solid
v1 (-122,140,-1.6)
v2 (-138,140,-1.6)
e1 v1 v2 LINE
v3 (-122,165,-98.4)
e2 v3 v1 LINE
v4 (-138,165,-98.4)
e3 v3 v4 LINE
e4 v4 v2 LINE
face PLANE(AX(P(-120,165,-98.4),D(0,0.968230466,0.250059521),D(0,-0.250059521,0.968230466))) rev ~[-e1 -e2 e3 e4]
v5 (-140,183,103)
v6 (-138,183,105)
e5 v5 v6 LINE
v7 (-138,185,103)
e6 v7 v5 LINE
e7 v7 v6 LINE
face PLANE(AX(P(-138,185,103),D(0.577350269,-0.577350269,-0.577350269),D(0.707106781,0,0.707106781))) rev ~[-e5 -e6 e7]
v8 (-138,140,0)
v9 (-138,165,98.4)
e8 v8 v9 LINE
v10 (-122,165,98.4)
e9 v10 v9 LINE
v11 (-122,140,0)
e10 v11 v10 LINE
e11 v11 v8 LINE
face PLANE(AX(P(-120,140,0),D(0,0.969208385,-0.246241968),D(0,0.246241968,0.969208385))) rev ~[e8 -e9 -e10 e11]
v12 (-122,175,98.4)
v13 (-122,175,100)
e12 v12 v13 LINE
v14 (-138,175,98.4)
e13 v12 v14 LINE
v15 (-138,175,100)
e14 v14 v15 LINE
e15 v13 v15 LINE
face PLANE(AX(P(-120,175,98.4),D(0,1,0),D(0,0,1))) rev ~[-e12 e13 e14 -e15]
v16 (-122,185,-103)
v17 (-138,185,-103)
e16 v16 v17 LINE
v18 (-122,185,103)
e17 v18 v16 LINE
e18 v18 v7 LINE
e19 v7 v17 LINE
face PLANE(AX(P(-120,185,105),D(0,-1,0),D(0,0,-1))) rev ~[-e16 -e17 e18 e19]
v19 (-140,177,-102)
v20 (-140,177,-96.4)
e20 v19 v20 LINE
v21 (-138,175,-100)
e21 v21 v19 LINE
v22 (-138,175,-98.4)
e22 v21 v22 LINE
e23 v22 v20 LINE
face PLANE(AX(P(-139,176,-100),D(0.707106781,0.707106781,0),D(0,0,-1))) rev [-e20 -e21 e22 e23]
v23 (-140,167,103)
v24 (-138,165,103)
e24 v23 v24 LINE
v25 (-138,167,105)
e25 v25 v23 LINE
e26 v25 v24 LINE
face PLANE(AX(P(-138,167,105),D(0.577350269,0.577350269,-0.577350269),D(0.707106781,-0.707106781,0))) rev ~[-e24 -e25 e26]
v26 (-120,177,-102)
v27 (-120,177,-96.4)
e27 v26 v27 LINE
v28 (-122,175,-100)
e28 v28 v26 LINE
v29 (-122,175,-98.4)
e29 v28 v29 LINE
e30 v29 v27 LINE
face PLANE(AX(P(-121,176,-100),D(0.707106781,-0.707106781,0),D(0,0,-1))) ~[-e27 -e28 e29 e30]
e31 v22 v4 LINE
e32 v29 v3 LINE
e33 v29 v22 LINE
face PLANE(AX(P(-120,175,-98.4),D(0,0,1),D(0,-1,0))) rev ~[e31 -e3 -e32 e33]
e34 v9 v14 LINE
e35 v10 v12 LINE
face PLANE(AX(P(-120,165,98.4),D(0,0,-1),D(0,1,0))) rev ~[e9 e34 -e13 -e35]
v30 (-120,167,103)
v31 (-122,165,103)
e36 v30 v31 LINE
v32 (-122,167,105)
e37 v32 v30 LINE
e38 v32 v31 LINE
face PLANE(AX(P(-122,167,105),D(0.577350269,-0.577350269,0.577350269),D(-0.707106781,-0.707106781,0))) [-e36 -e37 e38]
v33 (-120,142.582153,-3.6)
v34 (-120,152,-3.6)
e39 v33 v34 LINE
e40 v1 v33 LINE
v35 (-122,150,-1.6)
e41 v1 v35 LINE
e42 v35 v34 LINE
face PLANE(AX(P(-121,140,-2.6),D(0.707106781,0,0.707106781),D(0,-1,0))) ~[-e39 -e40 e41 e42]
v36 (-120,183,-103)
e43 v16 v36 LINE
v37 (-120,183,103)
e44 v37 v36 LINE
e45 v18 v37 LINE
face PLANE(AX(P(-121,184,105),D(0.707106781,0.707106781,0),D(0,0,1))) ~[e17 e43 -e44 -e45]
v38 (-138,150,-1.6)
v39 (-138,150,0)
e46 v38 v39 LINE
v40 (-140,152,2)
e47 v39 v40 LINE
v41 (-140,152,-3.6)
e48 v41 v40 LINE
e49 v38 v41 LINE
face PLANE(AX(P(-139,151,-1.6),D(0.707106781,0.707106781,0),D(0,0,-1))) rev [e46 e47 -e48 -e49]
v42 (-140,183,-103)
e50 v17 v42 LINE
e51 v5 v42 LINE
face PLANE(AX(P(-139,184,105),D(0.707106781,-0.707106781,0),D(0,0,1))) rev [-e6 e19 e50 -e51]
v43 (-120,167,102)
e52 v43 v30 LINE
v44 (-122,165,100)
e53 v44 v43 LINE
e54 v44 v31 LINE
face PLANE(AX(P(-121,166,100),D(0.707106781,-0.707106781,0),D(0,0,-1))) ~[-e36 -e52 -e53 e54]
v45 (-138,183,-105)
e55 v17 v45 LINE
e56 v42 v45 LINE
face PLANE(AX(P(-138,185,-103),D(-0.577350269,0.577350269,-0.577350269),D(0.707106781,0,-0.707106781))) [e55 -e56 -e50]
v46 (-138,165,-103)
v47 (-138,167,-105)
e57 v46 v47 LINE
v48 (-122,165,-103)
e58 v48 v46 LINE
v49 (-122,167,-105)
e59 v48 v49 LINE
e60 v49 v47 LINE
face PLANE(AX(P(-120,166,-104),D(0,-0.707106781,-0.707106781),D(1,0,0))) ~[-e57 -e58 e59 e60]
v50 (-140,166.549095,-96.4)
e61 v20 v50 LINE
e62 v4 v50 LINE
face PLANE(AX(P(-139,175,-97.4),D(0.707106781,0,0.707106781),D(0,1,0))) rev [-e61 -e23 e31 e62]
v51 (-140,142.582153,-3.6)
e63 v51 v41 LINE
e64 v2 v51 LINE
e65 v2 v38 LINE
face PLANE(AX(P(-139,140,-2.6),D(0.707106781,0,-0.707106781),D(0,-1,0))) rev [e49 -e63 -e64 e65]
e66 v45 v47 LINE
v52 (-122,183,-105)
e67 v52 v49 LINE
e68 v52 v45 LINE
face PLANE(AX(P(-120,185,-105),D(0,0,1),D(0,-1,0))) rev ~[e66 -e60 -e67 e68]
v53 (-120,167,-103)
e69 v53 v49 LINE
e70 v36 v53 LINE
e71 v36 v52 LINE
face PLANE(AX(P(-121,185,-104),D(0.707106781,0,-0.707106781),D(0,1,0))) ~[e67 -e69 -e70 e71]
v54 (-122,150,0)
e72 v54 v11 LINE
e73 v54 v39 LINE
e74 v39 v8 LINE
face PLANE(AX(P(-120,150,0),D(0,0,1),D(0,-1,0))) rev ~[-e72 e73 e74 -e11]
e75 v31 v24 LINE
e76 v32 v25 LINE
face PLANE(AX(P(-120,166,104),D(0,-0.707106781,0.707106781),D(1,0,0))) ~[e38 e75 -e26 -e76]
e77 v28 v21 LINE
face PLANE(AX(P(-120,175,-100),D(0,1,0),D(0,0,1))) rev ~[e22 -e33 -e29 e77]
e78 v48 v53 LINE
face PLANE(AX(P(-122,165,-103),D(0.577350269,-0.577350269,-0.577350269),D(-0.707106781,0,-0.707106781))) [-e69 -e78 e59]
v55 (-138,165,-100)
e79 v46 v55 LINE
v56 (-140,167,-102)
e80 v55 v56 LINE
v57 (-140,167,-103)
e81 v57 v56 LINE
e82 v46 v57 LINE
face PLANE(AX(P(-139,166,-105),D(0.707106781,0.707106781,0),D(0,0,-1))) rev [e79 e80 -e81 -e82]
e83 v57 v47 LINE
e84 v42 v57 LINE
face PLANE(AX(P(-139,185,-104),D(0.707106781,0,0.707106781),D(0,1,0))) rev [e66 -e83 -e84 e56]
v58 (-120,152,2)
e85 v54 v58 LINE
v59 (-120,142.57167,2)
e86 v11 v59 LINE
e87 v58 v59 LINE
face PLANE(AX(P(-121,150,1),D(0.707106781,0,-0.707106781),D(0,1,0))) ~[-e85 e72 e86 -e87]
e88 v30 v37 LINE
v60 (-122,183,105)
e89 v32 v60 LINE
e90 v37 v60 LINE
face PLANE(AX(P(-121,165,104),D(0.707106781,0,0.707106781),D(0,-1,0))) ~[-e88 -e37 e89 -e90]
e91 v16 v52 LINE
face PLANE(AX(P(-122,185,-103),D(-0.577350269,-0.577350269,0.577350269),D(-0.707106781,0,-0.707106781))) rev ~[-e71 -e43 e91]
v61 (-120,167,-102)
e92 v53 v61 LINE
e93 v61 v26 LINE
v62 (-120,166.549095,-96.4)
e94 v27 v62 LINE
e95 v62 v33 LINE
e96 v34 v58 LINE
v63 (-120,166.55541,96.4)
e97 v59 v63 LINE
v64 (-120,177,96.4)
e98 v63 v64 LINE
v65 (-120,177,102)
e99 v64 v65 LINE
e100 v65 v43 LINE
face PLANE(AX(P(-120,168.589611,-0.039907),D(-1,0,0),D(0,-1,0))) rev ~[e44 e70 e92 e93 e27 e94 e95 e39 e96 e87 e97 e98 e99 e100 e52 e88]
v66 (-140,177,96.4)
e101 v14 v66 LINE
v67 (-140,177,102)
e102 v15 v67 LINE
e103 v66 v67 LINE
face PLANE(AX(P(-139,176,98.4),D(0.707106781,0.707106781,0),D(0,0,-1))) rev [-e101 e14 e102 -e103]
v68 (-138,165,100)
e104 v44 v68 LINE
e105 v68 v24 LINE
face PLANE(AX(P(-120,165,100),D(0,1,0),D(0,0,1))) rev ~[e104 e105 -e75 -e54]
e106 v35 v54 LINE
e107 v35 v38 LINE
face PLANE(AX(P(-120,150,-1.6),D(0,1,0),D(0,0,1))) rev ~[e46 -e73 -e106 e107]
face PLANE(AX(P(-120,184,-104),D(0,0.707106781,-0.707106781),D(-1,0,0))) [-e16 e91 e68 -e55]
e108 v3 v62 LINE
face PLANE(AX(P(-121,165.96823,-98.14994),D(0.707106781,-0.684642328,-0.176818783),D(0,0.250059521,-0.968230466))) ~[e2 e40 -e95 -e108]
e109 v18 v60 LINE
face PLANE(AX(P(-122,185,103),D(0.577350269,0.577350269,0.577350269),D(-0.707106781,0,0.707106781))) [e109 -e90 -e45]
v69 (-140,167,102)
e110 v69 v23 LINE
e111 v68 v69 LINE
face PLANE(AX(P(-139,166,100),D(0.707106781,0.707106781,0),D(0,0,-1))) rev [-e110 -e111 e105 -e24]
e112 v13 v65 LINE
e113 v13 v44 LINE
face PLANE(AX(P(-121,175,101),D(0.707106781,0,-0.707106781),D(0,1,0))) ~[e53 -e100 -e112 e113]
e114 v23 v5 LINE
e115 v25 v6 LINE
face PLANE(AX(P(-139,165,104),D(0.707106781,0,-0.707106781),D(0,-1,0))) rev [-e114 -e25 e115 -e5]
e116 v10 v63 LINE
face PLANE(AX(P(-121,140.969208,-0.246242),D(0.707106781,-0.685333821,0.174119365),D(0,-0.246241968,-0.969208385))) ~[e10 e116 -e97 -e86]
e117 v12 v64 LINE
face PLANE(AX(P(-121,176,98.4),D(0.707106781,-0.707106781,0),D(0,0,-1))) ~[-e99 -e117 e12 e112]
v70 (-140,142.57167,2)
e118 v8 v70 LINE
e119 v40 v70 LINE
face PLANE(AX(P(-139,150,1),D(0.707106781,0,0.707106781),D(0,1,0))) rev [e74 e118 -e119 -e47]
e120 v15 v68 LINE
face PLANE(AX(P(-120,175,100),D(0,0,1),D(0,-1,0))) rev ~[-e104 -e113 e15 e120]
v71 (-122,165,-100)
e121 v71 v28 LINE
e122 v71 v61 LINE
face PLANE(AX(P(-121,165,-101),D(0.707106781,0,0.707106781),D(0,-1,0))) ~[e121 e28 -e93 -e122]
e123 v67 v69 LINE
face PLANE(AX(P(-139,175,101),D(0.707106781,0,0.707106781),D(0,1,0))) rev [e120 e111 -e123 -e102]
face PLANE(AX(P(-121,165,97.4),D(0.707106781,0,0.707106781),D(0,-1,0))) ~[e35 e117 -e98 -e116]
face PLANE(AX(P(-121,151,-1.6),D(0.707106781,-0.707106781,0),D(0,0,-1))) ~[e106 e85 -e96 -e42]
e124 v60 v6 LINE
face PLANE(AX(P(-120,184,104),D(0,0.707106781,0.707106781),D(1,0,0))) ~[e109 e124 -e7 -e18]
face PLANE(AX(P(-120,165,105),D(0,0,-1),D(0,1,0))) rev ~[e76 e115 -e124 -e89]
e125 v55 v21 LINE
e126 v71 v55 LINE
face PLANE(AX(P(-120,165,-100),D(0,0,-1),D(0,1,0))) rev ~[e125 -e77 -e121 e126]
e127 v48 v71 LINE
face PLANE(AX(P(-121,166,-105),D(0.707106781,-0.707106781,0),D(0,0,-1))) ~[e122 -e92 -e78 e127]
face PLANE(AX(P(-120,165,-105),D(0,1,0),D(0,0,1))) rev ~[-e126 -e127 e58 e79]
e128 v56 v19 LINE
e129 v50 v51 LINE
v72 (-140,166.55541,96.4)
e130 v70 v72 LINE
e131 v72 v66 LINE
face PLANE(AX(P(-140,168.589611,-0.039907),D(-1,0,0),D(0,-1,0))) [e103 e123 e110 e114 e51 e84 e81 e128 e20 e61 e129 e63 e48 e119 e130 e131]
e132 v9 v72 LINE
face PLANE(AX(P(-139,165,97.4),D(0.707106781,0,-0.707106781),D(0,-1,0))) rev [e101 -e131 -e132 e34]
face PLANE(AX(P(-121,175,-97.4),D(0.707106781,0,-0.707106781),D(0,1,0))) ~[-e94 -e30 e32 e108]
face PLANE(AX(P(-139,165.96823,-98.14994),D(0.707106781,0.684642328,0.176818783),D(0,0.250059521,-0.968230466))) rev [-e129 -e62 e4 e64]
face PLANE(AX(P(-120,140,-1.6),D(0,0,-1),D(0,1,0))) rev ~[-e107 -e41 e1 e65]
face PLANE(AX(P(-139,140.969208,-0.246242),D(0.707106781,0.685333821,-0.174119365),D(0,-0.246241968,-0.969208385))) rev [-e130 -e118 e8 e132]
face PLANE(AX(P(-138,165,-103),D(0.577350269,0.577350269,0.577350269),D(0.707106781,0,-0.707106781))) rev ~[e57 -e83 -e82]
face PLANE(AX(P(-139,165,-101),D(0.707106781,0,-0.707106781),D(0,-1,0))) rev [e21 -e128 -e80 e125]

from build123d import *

# Parameters (mm, degrees)
PAD005_DEPTH            = 20
CHAMFER_SIZE            = 2
BODY003_ROLL_ANGLE      = 90
BODY003_PLACEMENT_ANGLE = 90


with BuildPart() as sideholder1:
    # Sketch006 → Pad005 (new body)
    with BuildSketch(Plane.XY):
        Polygon((0, -105), (20, -105), (20, -100), (10, -100), (10, -98.4), (20, -98.4), (45, -1.6), (35, -1.6), (35, 0), (45, 0), (20, 98.4), (10, 98.4), (10, 100), (20, 100), (20, 105), (0, 105), align=None)
    extrude(amount=PAD005_DEPTH)

    # Chamfer
    chamfer_edges = [sideholder1.edges().sort_by_distance(p)[0] for p in [
        (10, -105, 20),
        (20, -102.5, 20),
        (15, -100, 20),
        (10, -99.2, 20),
        (15, -98.4, 20),
        (32.5, -50, 20),
        (40, -1.6, 20),
        (35, -0.8, 20),
        (40, 0, 20),
        (32.5, 49.2, 20),
        (15, 98.4, 20),
        (10, 99.2, 20),
        (15, 100, 20),
        (20, 102.5, 20),
        (10, 105, 20),
        (0, 0, 20),
        (10, -105, 0),
        (20, -102.5, 0),
        (15, -100, 0),
        (10, -99.2, 0),
        (15, -98.4, 0),
        (32.5, -50, 0),
        (40, -1.6, 0),
        (35, -0.8, 0),
        (40, 0, 0),
        (32.5, 49.2, 0),
        (15, 98.4, 0),
        (10, 99.2, 0),
        (15, 100, 0),
        (20, 102.5, 0),
        (10, 105, 0),
        (0, 0, 0),
        (0, 105, 10),
        (0, -105, 10),
        (20, 105, 10),
        (20, -105, 10),
    ]]
    chamfer(chamfer_edges, length=CHAMFER_SIZE)


with BuildPart() as sideholder1_1:
    # Body003 roll: moved
    add(sideholder1.part.rotate(Axis((0, 0, 0), (1, 0, 0)), BODY003_ROLL_ANGLE))


with BuildPart() as sideholder1_2:
    # Body003 placement: moved
    add(sideholder1_1.part.moved(Location((120, -185, 0))).rotate(Axis((120, -185, 0), (0, 0, 1)), BODY003_PLACEMENT_ANGLE))


with BuildPart() as sideholder4_mirror:
    # mirror002: instance of SideHolder1
    add(sideholder1_2.part.mirror(Plane(origin=(0, 0, 0), x_dir=(1, 0, 0), z_dir=(0, 1, 0))))


with BuildPart() as sideholder3_mirror:
    # mirror003: instance of SideHolder4 (mirror)
    add(sideholder4_mirror.part.mirror(Plane(origin=(0, 0, 0), x_dir=(0, -1, 0), z_dir=(1, 0, 0))))


solid = sideholder3_mirror.part
